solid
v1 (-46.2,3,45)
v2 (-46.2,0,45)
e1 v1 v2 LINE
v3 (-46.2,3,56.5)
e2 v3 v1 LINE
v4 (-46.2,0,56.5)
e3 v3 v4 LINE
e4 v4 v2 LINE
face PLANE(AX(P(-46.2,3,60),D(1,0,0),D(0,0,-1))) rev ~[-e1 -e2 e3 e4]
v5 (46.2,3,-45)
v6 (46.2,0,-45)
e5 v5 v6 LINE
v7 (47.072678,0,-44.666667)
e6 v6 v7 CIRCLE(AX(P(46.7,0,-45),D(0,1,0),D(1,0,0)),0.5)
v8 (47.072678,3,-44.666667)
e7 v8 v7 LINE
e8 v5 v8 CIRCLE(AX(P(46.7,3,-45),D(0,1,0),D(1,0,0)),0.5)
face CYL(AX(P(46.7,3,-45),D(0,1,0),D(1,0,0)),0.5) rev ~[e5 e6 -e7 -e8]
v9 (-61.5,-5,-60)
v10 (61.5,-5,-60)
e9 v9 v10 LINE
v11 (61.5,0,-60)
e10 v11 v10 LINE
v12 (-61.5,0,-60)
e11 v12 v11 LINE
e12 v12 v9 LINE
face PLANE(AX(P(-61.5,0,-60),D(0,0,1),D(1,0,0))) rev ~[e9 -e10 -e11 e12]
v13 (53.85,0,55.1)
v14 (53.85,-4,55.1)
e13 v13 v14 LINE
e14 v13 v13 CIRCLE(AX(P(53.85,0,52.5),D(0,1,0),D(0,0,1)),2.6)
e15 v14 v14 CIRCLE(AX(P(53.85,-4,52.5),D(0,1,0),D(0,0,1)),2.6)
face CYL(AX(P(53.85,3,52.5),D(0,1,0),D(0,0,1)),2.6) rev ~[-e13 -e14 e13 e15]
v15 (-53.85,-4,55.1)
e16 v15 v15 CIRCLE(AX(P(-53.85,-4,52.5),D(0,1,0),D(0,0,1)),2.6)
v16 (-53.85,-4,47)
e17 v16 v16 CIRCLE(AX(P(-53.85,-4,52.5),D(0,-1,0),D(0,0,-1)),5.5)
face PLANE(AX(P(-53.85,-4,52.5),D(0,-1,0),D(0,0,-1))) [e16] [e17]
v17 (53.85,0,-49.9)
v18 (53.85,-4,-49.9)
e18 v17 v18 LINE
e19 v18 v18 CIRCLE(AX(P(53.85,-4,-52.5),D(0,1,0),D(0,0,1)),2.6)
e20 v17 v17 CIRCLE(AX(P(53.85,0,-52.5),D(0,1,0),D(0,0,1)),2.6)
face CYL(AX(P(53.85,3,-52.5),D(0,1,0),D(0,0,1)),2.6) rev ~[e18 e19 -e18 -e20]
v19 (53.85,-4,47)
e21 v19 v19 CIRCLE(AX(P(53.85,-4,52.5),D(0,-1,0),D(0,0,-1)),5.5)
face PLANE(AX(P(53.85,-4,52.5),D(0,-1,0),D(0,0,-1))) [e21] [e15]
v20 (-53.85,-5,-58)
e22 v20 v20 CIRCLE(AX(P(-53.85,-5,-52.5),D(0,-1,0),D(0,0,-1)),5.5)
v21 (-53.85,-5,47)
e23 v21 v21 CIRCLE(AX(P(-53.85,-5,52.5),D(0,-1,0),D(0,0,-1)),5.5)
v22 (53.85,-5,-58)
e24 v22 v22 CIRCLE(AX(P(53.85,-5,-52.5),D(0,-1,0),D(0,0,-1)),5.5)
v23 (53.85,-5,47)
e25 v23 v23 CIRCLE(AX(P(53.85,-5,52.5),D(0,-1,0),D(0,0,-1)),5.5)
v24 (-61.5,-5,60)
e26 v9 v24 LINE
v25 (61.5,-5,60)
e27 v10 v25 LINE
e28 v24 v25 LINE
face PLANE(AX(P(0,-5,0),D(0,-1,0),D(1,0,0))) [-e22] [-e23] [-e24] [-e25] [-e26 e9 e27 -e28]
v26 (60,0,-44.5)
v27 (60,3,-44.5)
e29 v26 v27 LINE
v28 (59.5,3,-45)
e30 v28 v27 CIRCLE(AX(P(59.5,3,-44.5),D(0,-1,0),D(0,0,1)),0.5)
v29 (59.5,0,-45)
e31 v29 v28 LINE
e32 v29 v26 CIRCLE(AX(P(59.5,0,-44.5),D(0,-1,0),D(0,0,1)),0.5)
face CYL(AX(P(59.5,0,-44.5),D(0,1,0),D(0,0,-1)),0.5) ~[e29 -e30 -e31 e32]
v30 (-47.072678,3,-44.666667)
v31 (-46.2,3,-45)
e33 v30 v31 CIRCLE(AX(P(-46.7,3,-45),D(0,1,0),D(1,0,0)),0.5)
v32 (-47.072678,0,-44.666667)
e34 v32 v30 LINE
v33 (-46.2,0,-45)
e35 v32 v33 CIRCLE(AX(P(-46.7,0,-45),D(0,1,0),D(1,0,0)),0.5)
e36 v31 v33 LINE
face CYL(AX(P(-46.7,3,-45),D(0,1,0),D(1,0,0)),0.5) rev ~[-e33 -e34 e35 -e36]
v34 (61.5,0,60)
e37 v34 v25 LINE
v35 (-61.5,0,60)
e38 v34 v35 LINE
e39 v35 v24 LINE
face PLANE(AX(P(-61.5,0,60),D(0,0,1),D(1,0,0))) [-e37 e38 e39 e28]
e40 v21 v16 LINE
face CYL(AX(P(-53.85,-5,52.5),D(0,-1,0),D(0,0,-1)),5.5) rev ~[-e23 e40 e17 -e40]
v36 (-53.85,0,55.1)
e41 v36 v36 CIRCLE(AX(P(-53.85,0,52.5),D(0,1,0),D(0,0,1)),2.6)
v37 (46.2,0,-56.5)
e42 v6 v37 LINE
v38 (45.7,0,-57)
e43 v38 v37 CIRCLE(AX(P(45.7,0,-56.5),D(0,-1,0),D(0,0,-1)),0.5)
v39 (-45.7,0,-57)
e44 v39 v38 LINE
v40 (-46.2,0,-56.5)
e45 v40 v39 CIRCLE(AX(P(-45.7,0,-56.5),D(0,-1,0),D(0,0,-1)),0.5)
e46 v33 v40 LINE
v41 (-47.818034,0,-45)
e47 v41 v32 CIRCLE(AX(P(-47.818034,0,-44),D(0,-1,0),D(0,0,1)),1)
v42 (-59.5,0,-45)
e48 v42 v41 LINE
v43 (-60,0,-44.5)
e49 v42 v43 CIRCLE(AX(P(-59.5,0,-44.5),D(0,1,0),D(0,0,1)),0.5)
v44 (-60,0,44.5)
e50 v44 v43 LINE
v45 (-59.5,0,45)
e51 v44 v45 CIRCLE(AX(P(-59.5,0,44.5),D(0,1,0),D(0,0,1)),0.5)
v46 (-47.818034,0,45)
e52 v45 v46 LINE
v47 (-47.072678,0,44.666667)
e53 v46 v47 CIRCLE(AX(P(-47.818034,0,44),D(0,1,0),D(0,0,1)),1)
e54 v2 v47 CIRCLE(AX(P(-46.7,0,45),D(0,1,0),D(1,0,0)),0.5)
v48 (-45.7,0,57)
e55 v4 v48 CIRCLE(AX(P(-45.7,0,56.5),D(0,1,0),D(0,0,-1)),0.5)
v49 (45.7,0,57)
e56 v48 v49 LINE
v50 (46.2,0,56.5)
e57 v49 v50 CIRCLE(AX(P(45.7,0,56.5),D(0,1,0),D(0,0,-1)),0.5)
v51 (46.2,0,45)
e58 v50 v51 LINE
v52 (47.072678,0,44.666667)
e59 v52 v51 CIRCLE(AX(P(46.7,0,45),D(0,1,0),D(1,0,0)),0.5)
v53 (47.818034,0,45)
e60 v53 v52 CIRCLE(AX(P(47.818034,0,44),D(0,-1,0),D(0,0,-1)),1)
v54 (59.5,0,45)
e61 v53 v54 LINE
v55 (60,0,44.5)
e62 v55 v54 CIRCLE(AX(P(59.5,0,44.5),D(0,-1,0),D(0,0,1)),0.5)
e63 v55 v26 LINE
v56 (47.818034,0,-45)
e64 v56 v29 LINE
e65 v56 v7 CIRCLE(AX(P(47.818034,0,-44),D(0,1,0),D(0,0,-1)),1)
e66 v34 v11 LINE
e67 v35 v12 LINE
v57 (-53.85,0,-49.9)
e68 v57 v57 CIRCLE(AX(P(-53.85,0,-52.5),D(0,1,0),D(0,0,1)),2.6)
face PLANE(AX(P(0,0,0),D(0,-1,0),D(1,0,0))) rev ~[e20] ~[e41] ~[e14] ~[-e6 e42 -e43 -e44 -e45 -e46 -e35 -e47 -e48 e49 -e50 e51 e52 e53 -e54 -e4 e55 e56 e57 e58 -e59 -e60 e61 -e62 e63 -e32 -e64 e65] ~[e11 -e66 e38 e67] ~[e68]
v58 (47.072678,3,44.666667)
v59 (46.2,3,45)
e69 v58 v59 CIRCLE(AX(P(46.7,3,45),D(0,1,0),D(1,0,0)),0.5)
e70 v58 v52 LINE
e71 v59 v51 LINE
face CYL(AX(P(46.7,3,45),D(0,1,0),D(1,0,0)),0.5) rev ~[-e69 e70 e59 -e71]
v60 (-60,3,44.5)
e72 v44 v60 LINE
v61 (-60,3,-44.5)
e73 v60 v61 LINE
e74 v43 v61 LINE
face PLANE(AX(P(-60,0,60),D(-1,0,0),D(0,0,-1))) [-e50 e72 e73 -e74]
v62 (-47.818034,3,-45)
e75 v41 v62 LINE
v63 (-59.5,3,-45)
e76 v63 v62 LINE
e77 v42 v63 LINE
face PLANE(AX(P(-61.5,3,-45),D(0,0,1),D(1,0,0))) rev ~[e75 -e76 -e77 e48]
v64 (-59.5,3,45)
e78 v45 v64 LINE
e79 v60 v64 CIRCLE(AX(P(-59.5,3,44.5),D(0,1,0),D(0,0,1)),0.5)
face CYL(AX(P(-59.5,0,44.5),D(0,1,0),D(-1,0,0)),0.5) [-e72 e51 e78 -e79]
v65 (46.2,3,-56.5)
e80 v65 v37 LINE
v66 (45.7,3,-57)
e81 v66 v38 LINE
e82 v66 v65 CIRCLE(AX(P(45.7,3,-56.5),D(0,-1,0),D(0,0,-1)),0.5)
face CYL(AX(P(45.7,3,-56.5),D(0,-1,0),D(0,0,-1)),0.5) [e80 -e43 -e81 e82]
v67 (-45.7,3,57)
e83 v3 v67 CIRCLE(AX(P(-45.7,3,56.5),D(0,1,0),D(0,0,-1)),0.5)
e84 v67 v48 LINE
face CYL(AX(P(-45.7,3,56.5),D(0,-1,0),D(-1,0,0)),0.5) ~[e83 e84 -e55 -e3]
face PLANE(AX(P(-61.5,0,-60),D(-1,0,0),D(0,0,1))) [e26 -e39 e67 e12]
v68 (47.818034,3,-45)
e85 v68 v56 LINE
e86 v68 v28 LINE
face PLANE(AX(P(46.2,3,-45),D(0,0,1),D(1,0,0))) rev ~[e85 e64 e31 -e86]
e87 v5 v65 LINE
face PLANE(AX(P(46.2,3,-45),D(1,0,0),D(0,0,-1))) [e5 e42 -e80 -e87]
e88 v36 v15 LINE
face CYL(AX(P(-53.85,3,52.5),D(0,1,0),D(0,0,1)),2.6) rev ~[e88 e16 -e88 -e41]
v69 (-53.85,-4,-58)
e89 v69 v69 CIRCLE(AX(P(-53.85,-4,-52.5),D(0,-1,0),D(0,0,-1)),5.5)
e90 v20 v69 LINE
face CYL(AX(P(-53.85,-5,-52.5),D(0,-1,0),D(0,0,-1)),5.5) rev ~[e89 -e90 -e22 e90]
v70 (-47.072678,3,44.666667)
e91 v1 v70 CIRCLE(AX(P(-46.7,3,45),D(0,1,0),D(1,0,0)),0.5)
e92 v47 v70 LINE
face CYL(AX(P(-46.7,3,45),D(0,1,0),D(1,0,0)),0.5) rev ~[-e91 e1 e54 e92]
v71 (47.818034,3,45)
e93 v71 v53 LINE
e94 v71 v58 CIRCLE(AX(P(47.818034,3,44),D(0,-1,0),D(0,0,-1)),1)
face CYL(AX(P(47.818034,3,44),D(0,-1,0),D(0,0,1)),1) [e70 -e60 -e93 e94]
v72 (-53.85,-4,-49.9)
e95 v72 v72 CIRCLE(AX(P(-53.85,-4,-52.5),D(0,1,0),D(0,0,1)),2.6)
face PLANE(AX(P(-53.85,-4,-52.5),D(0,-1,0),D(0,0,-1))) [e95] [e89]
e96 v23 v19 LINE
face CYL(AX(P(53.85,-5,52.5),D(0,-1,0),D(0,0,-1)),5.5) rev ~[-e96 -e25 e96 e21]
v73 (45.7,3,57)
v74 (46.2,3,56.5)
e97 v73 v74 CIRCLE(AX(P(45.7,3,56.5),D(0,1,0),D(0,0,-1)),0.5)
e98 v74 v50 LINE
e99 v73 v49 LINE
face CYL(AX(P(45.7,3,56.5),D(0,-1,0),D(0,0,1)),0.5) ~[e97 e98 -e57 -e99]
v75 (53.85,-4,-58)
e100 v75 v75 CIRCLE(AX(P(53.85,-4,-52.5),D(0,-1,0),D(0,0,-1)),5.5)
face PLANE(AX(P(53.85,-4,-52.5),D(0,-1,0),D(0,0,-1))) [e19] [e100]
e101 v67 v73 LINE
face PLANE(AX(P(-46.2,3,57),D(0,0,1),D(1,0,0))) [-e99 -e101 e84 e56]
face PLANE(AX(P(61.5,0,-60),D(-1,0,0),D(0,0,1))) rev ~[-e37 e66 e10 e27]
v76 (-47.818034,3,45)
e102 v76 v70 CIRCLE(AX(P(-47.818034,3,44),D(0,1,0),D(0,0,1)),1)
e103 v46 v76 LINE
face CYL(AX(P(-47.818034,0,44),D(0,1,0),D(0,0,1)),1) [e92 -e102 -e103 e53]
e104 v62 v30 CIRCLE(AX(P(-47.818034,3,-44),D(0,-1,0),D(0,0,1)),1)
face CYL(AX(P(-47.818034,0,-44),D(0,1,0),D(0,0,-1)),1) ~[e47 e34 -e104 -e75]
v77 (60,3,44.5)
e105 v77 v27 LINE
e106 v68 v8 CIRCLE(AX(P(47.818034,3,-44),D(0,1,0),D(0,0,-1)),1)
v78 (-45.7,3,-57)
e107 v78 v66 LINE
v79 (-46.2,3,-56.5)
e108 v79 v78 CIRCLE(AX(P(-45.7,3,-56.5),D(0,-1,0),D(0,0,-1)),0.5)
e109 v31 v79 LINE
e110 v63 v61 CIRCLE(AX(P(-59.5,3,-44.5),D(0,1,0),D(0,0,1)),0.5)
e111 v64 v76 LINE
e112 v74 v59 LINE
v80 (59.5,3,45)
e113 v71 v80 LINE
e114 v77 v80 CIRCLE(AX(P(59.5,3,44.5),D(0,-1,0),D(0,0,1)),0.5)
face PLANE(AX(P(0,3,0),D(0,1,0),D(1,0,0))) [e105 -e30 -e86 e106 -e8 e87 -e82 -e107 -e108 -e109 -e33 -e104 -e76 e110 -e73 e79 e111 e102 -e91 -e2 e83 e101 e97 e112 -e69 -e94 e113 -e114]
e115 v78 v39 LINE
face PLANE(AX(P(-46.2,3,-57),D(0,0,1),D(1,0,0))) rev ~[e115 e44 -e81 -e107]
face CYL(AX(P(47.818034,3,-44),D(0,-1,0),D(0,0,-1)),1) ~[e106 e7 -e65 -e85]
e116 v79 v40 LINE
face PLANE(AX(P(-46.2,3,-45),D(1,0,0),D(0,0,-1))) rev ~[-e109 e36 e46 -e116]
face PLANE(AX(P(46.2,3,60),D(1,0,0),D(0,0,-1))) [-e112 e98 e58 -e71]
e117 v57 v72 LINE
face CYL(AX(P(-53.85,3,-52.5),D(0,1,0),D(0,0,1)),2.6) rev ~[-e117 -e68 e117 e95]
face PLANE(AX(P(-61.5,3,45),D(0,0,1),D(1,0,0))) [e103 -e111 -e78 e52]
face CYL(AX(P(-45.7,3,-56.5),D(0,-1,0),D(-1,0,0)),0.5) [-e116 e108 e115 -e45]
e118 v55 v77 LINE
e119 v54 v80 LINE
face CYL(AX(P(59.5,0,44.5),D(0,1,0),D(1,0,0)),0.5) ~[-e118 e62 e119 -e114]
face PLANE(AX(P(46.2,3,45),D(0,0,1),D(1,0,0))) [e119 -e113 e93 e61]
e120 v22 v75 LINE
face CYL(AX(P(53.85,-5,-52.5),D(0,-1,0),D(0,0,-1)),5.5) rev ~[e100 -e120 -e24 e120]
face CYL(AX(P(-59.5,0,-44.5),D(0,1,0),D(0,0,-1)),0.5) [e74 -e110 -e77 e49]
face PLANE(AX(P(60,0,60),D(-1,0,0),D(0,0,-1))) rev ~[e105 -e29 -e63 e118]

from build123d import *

# Parameters (mm, degrees)
SKETCH_1_W          = 120
SKETCH_1_H          = 120
EXTRUDE_1_DEPTH     = 3
SKETCH_3_W          = 123
SKETCH_3_H          = 120
EXTRUDE_2_DEPTH     = 5
SKETCH_5_W          = 15.3
SKETCH_5_H          = 15
CUT_EXTRUDE_2_DEPTH = 3
SKETCH_6_R          = 2.6
CUT_EXTRUDE_3_DEPTH = 87.291656607
SKETCH_7_R          = 5.5
CUT_EXTRUDE_4_DEPTH = 1
SKETCH_8_W          = 92.4
SKETCH_8_H          = 3
CUT_EXTRUDE_5_DEPTH = 3
SKETCH_9_R          = 0.5
CUT_EXTRUDE_6_DEPTH = 3
FILLET_1_R          = 1
FILLET_2_R          = 0.5


with BuildPart() as part:
    # 草图1 → 凸台-拉伸1 (new body)
    with BuildSketch(Plane(origin=(0, 0, 0), x_dir=(1, 0, 0), z_dir=(0, 1, 0))):
        Rectangle(SKETCH_1_W, SKETCH_1_H)
    extrude(amount=EXTRUDE_1_DEPTH)

    # 草图3 → 凸台-拉伸2 (add)
    with BuildSketch(Plane.XZ):
        Rectangle(SKETCH_3_W, SKETCH_3_H)
    extrude(amount=EXTRUDE_2_DEPTH)

    # 草图5 → 切除-拉伸2 (cut)
    with BuildSketch(Plane(origin=(0, 3, 0), x_dir=(1, 0, 0), z_dir=(0, 1, 0))):
        with Locations((-53.85, 52.5)):
            Rectangle(SKETCH_5_W, SKETCH_5_H)
        with Locations((53.85, 52.5)):
            Rectangle(SKETCH_5_W, SKETCH_5_H)
        with Locations((-53.85, -52.5)):
            Rectangle(SKETCH_5_W, SKETCH_5_H)
        with Locations((53.85, -52.5)):
            Rectangle(SKETCH_5_W, SKETCH_5_H)
    extrude(amount=-CUT_EXTRUDE_2_DEPTH, mode=Mode.SUBTRACT)

    # 草图6 → 切除-拉伸3 (cut, through all)
    with BuildSketch(Plane(origin=(0, 3, 0), x_dir=(1, 0, 0), z_dir=(0, 1, 0))):
        with Locations(Location((-53.85, 52.5, 0), (0, 0, 270))):
            Circle(SKETCH_6_R)
        with Locations(Location((53.85, 52.5, 0), (0, 0, 270))):
            Circle(SKETCH_6_R)
        with Locations(Location((-53.85, -52.5, 0), (0, 0, 270))):
            Circle(SKETCH_6_R)
        with Locations(Location((53.85, -52.5, 0), (0, 0, 270))):
            Circle(SKETCH_6_R)
    extrude(amount=-CUT_EXTRUDE_3_DEPTH, mode=Mode.SUBTRACT)

    # 草图7 → 切除-拉伸4 (cut)
    with BuildSketch(Plane.XZ.offset(5)):
        with Locations(Location((-53.85, 52.5, 0), (0, 0, 270))):
            Circle(SKETCH_7_R)
        with Locations(Location((-53.85, -52.5, 0), (0, 0, 270))):
            Circle(SKETCH_7_R)
        with Locations(Location((53.85, 52.5, 0), (0, 0, 270))):
            Circle(SKETCH_7_R)
        with Locations(Location((53.85, -52.5, 0), (0, 0, 270))):
            Circle(SKETCH_7_R)
    extrude(amount=-CUT_EXTRUDE_4_DEPTH, mode=Mode.SUBTRACT)

    # 草图8 → 切除-拉伸5 (cut)
    with BuildSketch(Plane(origin=(0, 3, 0), x_dir=(1, 0, 0), z_dir=(0, 1, 0))):
        with Locations((0, 58.5)):
            Rectangle(SKETCH_8_W, SKETCH_8_H)
        with Locations((0, -58.5)):
            Rectangle(SKETCH_8_W, SKETCH_8_H)
    extrude(amount=-CUT_EXTRUDE_5_DEPTH, mode=Mode.SUBTRACT)

    # 草图9 → 切除-拉伸6 (cut)
    with BuildSketch(Plane(origin=(0, 3, 0), x_dir=(1, 0, 0), z_dir=(0, 1, 0))):
        with Locations((-46.7, 45)):
            Circle(SKETCH_9_R)
        with Locations((46.7, 45)):
            Circle(SKETCH_9_R)
        with Locations((-46.7, -45)):
            Circle(SKETCH_9_R)
        with Locations((46.7, -45)):
            Circle(SKETCH_9_R)
    extrude(amount=-CUT_EXTRUDE_6_DEPTH, mode=Mode.SUBTRACT)

    # 圆角1
    fillet_1_edges = [part.edges().sort_by_distance(p)[0] for p in [
        (47.2, 1.5, -45),
        (-47.2, 1.5, 45),
        (47.2, 1.5, 45),
        (-47.2, 1.5, -45),
    ]]
    fillet(fillet_1_edges, radius=FILLET_1_R)

    # 圆角2
    fillet_2_edges = [part.edges().sort_by_distance(p)[0] for p in [
        (46.2, 1.5, -57),
        (-46.2, 1.5, -57),
        (-46.2, 1.5, 57),
        (46.2, 1.5, 57),
        (60, 1.5, -45),
        (-60, 1.5, 45),
        (60, 1.5, 45),
        (-60, 1.5, -45),
    ]]
    fillet(fillet_2_edges, radius=FILLET_2_R)


solid = part.part
